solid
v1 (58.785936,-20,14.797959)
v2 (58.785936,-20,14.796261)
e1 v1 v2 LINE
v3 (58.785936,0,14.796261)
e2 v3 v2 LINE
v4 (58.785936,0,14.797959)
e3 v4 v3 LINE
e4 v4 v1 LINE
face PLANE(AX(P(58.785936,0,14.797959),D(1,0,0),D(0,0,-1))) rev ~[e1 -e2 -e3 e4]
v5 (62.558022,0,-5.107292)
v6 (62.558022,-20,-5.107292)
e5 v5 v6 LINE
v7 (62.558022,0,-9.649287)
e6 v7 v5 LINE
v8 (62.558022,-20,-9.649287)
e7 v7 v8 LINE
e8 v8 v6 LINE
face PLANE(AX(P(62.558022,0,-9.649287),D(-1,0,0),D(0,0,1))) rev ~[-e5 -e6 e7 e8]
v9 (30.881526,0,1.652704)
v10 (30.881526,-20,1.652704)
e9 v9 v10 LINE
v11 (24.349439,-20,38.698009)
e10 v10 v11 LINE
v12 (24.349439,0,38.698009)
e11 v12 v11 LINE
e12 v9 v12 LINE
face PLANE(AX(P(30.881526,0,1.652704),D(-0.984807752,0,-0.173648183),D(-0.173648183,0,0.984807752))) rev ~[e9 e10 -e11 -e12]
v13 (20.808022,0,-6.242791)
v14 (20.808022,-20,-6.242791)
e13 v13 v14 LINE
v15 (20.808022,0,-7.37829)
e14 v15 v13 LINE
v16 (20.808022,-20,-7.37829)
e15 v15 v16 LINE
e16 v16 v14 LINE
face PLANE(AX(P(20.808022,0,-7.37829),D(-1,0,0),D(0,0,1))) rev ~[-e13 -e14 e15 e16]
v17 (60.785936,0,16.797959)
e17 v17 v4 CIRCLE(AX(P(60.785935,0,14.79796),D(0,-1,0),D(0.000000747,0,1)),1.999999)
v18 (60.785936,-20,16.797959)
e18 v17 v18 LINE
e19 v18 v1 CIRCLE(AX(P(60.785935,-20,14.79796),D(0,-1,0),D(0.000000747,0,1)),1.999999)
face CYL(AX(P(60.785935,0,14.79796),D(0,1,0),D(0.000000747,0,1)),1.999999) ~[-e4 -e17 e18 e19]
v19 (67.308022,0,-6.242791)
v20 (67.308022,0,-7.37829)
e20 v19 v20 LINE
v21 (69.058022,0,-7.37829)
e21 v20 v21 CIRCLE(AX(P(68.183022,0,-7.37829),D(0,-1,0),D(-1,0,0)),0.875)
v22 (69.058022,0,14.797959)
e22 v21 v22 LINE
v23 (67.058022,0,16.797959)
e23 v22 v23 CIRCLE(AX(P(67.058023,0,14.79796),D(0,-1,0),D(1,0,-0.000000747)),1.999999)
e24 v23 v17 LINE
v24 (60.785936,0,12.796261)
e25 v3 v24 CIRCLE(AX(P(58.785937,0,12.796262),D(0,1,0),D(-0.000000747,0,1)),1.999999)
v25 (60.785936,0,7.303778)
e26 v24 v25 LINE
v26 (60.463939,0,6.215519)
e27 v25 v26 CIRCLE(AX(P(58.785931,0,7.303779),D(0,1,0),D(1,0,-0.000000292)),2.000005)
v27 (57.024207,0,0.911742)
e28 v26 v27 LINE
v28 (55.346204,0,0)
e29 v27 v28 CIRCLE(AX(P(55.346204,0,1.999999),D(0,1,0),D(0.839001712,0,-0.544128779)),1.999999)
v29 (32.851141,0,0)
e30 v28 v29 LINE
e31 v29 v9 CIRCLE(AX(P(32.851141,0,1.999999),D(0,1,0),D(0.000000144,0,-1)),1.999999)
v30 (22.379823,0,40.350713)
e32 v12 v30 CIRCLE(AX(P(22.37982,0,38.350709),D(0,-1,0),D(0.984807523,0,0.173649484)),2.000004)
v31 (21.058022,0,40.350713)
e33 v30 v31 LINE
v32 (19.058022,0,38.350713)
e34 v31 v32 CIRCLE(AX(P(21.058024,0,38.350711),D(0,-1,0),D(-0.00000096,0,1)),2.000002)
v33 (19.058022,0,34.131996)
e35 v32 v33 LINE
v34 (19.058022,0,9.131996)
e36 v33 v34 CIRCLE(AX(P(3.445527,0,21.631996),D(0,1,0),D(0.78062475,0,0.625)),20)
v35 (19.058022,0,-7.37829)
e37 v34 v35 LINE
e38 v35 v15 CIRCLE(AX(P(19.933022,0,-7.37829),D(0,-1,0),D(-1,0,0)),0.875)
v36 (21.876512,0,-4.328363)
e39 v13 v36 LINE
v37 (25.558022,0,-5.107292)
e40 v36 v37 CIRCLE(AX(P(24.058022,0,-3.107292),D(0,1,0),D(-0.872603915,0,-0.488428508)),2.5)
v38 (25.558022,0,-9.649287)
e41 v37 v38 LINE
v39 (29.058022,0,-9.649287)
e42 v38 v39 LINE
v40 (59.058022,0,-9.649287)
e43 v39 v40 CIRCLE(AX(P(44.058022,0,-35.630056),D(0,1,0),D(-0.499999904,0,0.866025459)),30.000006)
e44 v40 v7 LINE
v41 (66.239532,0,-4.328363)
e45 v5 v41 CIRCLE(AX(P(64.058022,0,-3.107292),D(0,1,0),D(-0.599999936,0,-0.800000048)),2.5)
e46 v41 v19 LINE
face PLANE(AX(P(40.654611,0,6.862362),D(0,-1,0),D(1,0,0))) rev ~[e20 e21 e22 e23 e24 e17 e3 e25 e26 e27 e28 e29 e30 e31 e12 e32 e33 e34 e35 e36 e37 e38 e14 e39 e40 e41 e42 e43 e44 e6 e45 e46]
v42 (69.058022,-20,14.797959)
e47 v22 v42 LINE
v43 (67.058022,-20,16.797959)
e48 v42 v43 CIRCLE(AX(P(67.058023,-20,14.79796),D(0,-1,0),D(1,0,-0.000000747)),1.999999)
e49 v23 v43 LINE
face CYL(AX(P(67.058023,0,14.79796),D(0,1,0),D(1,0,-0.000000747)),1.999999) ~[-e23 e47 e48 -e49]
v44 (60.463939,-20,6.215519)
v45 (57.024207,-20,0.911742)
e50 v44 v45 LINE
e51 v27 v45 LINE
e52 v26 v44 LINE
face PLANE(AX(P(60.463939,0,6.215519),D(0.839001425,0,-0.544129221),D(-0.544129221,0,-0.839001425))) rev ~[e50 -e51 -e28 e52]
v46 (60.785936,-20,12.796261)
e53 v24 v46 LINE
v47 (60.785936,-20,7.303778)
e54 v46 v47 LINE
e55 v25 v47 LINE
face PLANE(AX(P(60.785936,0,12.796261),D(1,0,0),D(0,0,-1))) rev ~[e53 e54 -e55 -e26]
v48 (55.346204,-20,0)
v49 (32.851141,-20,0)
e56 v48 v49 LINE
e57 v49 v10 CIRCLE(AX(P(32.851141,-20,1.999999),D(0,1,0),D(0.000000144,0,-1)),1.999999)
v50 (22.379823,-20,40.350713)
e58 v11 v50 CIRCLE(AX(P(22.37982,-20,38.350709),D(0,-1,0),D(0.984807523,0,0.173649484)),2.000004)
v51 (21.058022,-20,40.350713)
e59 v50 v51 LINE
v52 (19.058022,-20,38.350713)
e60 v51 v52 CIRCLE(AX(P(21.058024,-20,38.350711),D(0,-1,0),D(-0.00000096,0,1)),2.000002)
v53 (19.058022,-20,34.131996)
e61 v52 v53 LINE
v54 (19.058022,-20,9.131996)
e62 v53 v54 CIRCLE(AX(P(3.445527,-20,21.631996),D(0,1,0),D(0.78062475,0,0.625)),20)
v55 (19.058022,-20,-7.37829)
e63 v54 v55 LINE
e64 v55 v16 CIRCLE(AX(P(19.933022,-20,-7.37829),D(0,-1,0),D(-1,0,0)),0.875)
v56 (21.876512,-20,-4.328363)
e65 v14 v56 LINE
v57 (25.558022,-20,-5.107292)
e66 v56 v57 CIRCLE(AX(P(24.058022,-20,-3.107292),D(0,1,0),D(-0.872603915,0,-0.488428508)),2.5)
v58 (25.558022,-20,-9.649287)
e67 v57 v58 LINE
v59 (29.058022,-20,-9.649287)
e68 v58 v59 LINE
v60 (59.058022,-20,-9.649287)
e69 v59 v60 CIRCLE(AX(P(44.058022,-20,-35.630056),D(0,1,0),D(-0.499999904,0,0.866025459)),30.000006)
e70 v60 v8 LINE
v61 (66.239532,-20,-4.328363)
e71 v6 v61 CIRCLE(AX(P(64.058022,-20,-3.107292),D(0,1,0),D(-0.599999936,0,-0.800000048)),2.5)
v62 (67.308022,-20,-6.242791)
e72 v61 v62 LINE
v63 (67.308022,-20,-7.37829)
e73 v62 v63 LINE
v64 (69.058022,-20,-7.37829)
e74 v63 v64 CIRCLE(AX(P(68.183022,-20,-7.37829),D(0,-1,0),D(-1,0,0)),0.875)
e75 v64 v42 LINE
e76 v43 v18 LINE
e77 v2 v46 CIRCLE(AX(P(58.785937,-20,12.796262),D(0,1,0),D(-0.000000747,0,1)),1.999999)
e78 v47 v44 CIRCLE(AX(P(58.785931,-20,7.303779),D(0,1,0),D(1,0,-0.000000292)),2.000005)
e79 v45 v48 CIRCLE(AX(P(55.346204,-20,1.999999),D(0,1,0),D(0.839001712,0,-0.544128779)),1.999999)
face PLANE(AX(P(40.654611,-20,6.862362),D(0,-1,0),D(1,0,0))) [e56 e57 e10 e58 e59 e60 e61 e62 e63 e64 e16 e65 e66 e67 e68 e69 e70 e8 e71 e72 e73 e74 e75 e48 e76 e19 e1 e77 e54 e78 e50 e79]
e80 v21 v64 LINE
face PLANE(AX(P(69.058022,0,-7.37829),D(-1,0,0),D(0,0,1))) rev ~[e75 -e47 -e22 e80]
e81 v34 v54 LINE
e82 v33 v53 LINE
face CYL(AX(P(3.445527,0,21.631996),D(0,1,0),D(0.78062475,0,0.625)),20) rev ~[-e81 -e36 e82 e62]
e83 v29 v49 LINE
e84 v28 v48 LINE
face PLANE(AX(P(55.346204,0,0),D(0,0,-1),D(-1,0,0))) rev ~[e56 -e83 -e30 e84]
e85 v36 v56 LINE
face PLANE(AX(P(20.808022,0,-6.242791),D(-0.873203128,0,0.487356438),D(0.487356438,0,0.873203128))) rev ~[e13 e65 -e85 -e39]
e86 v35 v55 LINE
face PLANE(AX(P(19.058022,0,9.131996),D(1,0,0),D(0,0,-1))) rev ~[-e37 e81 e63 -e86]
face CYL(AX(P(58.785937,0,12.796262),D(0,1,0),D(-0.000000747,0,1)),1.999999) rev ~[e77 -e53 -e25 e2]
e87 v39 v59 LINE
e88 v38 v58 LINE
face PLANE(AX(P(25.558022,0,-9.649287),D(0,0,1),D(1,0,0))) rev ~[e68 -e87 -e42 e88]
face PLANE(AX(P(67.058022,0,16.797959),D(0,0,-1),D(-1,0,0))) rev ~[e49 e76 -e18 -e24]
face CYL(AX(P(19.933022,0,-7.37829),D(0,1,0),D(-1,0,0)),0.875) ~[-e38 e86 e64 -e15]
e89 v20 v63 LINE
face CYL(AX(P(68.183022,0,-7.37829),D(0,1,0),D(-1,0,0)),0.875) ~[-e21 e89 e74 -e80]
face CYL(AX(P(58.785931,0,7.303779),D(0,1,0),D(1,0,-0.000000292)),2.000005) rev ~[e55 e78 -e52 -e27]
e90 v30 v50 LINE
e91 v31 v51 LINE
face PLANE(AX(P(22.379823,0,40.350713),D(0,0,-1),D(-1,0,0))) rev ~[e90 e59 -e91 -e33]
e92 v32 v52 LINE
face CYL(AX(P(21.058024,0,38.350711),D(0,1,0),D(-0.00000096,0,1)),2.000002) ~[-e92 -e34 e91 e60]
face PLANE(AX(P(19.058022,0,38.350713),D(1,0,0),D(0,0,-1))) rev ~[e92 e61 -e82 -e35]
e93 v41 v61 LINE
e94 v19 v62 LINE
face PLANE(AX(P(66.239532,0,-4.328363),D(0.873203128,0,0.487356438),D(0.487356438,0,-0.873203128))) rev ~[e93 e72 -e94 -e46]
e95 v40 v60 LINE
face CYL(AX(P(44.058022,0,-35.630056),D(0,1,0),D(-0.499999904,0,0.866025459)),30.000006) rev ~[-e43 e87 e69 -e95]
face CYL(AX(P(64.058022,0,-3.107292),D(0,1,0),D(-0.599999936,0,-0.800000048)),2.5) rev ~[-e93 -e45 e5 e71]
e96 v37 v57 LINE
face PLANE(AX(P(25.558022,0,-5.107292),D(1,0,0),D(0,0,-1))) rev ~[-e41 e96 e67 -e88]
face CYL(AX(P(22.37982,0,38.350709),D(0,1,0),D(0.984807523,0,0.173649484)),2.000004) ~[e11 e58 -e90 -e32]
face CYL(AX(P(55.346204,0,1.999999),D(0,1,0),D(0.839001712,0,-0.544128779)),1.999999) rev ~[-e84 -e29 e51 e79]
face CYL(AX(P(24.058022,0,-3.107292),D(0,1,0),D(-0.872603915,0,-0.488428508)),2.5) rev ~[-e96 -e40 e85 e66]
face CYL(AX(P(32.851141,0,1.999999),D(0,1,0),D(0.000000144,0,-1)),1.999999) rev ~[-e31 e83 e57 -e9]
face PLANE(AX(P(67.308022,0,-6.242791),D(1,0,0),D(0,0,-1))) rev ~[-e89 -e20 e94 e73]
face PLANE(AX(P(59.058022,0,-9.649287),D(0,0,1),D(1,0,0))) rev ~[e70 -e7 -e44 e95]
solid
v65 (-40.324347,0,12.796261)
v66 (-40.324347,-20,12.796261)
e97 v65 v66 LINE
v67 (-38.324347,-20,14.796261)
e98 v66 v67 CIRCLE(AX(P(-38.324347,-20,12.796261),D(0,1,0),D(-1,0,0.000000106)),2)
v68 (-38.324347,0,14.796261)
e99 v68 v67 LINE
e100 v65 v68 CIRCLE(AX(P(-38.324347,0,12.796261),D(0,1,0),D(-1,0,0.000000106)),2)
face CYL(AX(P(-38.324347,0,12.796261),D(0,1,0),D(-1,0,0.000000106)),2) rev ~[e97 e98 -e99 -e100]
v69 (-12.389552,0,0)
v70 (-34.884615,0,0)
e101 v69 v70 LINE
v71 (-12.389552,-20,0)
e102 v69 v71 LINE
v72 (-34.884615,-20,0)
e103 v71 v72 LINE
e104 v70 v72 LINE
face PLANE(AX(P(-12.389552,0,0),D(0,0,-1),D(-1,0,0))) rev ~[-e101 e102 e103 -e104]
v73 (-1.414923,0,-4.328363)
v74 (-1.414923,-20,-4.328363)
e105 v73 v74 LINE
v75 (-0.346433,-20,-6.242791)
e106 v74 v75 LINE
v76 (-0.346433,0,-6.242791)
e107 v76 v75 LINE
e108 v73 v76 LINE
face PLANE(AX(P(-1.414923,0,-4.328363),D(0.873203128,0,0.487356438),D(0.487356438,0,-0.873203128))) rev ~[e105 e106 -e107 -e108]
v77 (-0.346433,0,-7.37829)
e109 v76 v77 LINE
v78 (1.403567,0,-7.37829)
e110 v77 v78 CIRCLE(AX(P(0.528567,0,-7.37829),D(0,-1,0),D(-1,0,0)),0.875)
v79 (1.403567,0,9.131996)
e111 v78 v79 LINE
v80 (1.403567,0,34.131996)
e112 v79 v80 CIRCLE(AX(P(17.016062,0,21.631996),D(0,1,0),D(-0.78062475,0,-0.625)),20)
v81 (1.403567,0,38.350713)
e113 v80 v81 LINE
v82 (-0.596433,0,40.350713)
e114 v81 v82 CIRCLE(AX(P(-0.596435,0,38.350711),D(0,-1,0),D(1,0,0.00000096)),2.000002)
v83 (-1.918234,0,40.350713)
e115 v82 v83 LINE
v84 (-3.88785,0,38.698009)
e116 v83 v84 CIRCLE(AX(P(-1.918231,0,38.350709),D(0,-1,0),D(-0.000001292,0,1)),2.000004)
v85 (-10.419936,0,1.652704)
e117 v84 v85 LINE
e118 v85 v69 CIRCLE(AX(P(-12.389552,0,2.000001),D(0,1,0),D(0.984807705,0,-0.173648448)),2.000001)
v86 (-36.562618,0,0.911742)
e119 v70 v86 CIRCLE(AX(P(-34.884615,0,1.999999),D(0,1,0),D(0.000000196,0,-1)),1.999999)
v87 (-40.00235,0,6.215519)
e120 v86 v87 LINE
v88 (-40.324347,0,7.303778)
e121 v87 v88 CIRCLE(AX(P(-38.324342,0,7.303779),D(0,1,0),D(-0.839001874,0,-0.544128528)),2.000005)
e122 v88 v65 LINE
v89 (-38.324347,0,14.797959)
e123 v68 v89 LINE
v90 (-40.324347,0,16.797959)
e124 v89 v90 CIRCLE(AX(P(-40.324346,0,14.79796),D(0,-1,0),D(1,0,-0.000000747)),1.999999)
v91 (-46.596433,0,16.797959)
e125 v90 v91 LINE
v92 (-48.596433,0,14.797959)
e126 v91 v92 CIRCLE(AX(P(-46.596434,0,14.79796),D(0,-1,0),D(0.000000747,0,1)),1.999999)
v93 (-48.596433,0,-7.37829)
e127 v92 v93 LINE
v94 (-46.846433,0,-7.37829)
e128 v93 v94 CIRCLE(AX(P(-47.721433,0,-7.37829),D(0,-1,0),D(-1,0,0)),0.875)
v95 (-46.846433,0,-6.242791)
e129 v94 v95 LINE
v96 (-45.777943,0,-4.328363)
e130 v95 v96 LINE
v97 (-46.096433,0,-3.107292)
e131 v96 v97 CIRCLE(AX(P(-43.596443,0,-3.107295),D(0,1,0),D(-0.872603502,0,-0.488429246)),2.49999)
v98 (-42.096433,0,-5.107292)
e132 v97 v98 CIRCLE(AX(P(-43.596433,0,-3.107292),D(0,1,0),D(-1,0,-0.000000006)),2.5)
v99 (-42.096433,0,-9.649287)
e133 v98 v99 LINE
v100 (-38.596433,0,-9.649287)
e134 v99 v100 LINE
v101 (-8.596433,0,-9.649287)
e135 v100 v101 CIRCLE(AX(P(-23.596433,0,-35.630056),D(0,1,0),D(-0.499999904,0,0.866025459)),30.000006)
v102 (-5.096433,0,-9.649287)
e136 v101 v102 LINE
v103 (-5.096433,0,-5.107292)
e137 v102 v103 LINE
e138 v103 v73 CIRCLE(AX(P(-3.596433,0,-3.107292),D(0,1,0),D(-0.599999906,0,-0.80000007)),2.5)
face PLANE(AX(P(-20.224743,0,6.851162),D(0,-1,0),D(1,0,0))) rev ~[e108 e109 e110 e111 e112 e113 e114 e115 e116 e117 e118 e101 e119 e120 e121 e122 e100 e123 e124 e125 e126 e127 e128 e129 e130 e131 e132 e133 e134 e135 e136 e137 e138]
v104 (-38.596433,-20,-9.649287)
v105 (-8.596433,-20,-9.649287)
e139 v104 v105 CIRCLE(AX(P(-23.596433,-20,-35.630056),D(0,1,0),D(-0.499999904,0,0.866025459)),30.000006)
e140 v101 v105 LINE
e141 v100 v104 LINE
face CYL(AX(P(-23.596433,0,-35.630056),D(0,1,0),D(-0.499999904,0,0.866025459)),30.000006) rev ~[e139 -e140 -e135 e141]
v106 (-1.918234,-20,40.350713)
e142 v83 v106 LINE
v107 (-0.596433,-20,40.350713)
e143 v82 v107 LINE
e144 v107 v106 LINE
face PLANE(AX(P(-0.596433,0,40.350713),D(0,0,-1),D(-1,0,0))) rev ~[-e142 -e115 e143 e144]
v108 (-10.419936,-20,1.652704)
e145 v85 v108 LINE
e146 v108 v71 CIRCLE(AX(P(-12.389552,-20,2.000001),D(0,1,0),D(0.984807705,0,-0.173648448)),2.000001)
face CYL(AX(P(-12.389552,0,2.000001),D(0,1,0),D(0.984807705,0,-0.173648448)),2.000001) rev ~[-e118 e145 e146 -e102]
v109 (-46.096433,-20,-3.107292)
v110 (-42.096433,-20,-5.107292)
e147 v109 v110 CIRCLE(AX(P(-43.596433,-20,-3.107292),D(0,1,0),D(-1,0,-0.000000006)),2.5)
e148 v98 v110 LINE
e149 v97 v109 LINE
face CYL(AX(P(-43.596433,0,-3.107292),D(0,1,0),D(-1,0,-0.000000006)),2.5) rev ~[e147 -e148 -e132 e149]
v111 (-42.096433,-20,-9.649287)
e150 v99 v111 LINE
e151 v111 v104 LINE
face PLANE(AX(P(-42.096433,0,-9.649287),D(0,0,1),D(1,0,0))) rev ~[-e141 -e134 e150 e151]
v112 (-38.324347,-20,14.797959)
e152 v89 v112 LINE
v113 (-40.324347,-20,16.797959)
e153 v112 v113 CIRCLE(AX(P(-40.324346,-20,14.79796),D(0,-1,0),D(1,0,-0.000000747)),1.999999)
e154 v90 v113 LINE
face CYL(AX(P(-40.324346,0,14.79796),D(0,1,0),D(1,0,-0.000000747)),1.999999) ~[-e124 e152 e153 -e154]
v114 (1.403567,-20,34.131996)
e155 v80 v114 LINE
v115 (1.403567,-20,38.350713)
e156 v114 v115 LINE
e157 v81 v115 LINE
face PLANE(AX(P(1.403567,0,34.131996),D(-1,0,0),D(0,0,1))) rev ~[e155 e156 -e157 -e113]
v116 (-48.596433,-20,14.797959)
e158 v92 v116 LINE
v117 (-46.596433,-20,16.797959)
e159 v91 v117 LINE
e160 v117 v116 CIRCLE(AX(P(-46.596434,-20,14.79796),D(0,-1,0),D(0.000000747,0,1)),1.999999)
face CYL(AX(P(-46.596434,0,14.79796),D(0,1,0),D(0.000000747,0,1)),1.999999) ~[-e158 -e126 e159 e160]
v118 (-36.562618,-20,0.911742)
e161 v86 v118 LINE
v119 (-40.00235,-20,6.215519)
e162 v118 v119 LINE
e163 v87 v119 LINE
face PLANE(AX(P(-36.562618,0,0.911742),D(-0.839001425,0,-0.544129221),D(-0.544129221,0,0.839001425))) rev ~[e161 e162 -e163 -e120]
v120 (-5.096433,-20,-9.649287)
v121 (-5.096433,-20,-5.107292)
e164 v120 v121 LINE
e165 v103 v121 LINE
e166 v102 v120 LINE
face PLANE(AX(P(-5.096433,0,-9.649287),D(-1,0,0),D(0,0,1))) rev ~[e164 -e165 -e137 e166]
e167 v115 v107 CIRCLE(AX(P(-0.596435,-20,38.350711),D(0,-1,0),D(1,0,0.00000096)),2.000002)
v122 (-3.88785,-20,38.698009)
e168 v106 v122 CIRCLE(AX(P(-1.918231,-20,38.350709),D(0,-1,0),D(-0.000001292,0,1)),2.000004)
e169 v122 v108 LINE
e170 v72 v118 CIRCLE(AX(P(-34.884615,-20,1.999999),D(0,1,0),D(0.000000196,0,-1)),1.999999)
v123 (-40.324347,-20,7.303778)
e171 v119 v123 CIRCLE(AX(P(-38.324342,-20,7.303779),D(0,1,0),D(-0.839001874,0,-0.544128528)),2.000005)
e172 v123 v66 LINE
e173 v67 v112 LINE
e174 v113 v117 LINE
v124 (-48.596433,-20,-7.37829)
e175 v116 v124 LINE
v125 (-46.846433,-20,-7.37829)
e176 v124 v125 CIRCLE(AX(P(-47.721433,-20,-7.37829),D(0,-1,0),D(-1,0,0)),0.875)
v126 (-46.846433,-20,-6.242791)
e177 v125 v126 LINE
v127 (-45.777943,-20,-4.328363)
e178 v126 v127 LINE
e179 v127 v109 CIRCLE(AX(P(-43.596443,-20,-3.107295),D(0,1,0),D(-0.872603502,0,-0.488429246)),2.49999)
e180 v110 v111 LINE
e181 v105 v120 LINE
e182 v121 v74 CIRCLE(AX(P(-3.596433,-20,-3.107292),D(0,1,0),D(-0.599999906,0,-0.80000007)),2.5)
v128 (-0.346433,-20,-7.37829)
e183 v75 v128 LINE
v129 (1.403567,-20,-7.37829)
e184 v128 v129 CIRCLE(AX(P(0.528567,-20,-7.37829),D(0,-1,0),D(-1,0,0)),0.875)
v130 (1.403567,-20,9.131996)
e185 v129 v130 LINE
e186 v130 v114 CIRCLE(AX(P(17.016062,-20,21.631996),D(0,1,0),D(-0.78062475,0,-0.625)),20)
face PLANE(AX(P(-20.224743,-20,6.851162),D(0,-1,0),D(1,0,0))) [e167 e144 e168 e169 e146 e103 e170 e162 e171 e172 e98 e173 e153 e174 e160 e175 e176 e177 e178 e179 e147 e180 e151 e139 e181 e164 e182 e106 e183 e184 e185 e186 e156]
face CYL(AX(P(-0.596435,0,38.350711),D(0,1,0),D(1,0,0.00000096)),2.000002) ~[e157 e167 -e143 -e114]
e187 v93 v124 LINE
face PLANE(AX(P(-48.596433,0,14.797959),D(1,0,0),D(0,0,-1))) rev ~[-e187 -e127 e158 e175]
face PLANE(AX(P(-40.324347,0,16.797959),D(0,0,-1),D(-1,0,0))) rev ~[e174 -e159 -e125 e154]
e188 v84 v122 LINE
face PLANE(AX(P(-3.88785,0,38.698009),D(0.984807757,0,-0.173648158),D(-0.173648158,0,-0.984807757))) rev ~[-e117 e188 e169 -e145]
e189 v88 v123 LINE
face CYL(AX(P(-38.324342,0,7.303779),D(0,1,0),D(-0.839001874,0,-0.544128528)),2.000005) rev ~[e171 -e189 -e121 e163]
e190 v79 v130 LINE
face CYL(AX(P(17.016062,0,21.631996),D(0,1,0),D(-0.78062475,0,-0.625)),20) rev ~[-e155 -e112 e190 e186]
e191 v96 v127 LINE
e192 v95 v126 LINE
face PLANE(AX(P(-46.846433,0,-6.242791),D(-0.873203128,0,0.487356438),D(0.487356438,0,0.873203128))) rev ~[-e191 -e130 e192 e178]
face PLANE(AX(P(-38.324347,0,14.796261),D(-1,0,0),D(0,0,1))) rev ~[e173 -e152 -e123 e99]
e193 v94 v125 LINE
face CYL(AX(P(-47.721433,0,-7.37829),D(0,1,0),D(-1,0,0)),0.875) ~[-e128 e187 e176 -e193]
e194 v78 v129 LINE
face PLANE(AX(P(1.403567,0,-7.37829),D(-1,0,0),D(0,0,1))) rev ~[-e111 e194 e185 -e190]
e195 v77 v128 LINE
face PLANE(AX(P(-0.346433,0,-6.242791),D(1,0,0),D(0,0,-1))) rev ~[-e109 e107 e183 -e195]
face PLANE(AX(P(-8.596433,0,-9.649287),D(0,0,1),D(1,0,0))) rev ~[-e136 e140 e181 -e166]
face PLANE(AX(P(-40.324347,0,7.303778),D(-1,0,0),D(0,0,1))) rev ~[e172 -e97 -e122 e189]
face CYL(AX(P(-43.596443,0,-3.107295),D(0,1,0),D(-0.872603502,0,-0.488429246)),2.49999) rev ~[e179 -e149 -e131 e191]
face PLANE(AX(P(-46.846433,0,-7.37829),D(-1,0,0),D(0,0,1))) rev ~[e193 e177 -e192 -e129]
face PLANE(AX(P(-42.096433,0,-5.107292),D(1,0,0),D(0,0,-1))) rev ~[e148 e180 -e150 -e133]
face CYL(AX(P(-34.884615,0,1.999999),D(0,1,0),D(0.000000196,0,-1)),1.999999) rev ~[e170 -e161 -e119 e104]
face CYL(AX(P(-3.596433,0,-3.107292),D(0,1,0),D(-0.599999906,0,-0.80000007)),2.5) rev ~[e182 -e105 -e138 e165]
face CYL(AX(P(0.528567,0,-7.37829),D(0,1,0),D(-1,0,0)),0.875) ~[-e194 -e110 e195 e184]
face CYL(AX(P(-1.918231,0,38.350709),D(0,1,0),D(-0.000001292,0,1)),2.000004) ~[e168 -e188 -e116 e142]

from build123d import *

# Parameters (mm, degrees)
F1_DEPTH = 20


with BuildPart() as f1:
    # F0 (on Front) → F1 (new body)
    with BuildSketch(Plane.XZ):
        with BuildLine():
            ThreePointArc((-38.324347, 14.797959), (-38.910133, 16.212173), (-40.324347, 16.797959))
            Line((-40.324347, 16.797959), (-46.596433, 16.797959))
            ThreePointArc((-46.596433, 16.797959), (-48.010647, 16.212173), (-48.596433, 14.797959))
            Line((-48.596433, 14.797959), (-48.596433, -7.37829))
            ThreePointArc((-48.596433, -7.37829), (-47.721433, -8.25329), (-46.846433, -7.37829))
            Line((-46.846433, -7.37829), (-46.846433, -6.242791))
            Line((-46.846433, -6.242791), (-45.777943, -4.328363))
            ThreePointArc((-45.777943, -4.328363), (-46.015501, -3.738253), (-46.096433, -3.107292))
            ThreePointArc((-46.096433, -3.107292), (-42.478399, -0.871224), (-42.096433, -5.107292))
            Line((-42.096433, -5.107292), (-42.096433, -9.649287))
            Line((-42.096433, -9.649287), (-38.596433, -9.649287))
            ThreePointArc((-38.596433, -9.649287), (-23.596433, -5.63005), (-8.596433, -9.649287))
            Line((-8.596433, -9.649287), (-5.096433, -9.649287))
            Line((-5.096433, -9.649287), (-5.096433, -5.107292))
            ThreePointArc((-5.096433, -5.107292), (-4.113924, -0.661437), (-1.414923, -4.328363))
            Line((-1.414923, -4.328363), (-0.346433, -6.242791))
            Line((-0.346433, -6.242791), (-0.346433, -7.37829))
            ThreePointArc((-0.346433, -7.37829), (0.528567, -8.25329), (1.403567, -7.37829))
            Line((1.403567, -7.37829), (1.403567, -5.019944))
            Line((1.403567, -5.019944), (1.403567, 9.131996))
            ThreePointArc((1.403567, 9.131996), (-2.983938, 21.631996), (1.403567, 34.131996))
            Line((1.403567, 34.131996), (1.403567, 38.350713))
            ThreePointArc((1.403567, 38.350713), (0.81778, 39.764926), (-0.596433, 40.350713))
            Line((-0.596433, 40.350713), (-1.918234, 40.350713))
            ThreePointArc((-1.918234, 40.350713), (-3.203809, 39.882801), (-3.88785, 38.698009))
            Line((-3.88785, 38.698009), (-10.419936, 1.652704))
            ThreePointArc((-10.419936, 1.652704), (-11.103977, 0.467911), (-12.389552, 0))
            Line((-12.389552, 0), (-34.884615, 0))
            ThreePointArc((-34.884615, 0), (-35.839467, 0.242656), (-36.562618, 0.911742))
            Line((-36.562618, 0.911742), (-40.00235, 6.215519))
            ThreePointArc((-40.00235, 6.215519), (-40.242159, 6.73633), (-40.324347, 7.303778))
            Line((-40.324347, 7.303778), (-40.324347, 12.796261))
            ThreePointArc((-40.324347, 12.796261), (-39.73856, 14.210475), (-38.324347, 14.796261))
            Line((-38.324347, 14.796261), (-38.324347, 14.797959))
        make_face()
        with BuildLine():
            Line((58.785936, 14.797959), (58.785936, 14.796261))
            ThreePointArc((58.785936, 14.796261), (60.20015, 14.210475), (60.785936, 12.796261))
            Line((60.785936, 12.796261), (60.785936, 7.303778))
            ThreePointArc((60.785936, 7.303778), (60.703748, 6.73633), (60.463939, 6.215519))
            Line((60.463939, 6.215519), (57.024207, 0.911742))
            ThreePointArc((57.024207, 0.911742), (56.301056, 0.242656), (55.346204, 0))
            Line((55.346204, 0), (32.851141, 0))
            ThreePointArc((32.851141, 0), (31.565566, 0.467911), (30.881526, 1.652704))
            Line((30.881526, 1.652704), (24.349439, 38.698009))
            ThreePointArc((24.349439, 38.698009), (23.665398, 39.882801), (22.379823, 40.350713))
            Line((22.379823, 40.350713), (21.058022, 40.350713))
            ThreePointArc((21.058022, 40.350713), (19.643809, 39.764926), (19.058022, 38.350713))
            Line((19.058022, 38.350713), (19.058022, 34.131996))
            ThreePointArc((19.058022, 34.131996), (23.445527, 21.631996), (19.058022, 9.131996))
            Line((19.058022, 9.131996), (19.058022, -7.37829))
            ThreePointArc((19.058022, -7.37829), (19.933022, -8.25329), (20.808022, -7.37829))
            Line((20.808022, -7.37829), (20.808022, -6.242791))
            Line((20.808022, -6.242791), (21.876512, -4.328363))
            ThreePointArc((21.876512, -4.328363), (24.575513, -0.661437), (25.558022, -5.107292))
            Line((25.558022, -5.107292), (25.558022, -9.649287))
            Line((25.558022, -9.649287), (29.058022, -9.649287))
            ThreePointArc((29.058022, -9.649287), (44.058022, -5.63005), (59.058022, -9.649287))
            Line((59.058022, -9.649287), (62.558022, -9.649287))
            Line((62.558022, -9.649287), (62.558022, -5.107292))
            ThreePointArc((62.558022, -5.107292), (63.540532, -0.661437), (66.239532, -4.328363))
            Line((66.239532, -4.328363), (67.308022, -6.242791))
            Line((67.308022, -6.242791), (67.308022, -7.37829))
            ThreePointArc((67.308022, -7.37829), (68.183022, -8.25329), (69.058022, -7.37829))
            Line((69.058022, -7.37829), (69.058022, 14.797959))
            ThreePointArc((69.058022, 14.797959), (68.472236, 16.212173), (67.058022, 16.797959))
            Line((67.058022, 16.797959), (60.785936, 16.797959))
            ThreePointArc((60.785936, 16.797959), (59.371722, 16.212173), (58.785936, 14.797959))
        make_face()
    extrude(amount=F1_DEPTH)


solid = f1.part
